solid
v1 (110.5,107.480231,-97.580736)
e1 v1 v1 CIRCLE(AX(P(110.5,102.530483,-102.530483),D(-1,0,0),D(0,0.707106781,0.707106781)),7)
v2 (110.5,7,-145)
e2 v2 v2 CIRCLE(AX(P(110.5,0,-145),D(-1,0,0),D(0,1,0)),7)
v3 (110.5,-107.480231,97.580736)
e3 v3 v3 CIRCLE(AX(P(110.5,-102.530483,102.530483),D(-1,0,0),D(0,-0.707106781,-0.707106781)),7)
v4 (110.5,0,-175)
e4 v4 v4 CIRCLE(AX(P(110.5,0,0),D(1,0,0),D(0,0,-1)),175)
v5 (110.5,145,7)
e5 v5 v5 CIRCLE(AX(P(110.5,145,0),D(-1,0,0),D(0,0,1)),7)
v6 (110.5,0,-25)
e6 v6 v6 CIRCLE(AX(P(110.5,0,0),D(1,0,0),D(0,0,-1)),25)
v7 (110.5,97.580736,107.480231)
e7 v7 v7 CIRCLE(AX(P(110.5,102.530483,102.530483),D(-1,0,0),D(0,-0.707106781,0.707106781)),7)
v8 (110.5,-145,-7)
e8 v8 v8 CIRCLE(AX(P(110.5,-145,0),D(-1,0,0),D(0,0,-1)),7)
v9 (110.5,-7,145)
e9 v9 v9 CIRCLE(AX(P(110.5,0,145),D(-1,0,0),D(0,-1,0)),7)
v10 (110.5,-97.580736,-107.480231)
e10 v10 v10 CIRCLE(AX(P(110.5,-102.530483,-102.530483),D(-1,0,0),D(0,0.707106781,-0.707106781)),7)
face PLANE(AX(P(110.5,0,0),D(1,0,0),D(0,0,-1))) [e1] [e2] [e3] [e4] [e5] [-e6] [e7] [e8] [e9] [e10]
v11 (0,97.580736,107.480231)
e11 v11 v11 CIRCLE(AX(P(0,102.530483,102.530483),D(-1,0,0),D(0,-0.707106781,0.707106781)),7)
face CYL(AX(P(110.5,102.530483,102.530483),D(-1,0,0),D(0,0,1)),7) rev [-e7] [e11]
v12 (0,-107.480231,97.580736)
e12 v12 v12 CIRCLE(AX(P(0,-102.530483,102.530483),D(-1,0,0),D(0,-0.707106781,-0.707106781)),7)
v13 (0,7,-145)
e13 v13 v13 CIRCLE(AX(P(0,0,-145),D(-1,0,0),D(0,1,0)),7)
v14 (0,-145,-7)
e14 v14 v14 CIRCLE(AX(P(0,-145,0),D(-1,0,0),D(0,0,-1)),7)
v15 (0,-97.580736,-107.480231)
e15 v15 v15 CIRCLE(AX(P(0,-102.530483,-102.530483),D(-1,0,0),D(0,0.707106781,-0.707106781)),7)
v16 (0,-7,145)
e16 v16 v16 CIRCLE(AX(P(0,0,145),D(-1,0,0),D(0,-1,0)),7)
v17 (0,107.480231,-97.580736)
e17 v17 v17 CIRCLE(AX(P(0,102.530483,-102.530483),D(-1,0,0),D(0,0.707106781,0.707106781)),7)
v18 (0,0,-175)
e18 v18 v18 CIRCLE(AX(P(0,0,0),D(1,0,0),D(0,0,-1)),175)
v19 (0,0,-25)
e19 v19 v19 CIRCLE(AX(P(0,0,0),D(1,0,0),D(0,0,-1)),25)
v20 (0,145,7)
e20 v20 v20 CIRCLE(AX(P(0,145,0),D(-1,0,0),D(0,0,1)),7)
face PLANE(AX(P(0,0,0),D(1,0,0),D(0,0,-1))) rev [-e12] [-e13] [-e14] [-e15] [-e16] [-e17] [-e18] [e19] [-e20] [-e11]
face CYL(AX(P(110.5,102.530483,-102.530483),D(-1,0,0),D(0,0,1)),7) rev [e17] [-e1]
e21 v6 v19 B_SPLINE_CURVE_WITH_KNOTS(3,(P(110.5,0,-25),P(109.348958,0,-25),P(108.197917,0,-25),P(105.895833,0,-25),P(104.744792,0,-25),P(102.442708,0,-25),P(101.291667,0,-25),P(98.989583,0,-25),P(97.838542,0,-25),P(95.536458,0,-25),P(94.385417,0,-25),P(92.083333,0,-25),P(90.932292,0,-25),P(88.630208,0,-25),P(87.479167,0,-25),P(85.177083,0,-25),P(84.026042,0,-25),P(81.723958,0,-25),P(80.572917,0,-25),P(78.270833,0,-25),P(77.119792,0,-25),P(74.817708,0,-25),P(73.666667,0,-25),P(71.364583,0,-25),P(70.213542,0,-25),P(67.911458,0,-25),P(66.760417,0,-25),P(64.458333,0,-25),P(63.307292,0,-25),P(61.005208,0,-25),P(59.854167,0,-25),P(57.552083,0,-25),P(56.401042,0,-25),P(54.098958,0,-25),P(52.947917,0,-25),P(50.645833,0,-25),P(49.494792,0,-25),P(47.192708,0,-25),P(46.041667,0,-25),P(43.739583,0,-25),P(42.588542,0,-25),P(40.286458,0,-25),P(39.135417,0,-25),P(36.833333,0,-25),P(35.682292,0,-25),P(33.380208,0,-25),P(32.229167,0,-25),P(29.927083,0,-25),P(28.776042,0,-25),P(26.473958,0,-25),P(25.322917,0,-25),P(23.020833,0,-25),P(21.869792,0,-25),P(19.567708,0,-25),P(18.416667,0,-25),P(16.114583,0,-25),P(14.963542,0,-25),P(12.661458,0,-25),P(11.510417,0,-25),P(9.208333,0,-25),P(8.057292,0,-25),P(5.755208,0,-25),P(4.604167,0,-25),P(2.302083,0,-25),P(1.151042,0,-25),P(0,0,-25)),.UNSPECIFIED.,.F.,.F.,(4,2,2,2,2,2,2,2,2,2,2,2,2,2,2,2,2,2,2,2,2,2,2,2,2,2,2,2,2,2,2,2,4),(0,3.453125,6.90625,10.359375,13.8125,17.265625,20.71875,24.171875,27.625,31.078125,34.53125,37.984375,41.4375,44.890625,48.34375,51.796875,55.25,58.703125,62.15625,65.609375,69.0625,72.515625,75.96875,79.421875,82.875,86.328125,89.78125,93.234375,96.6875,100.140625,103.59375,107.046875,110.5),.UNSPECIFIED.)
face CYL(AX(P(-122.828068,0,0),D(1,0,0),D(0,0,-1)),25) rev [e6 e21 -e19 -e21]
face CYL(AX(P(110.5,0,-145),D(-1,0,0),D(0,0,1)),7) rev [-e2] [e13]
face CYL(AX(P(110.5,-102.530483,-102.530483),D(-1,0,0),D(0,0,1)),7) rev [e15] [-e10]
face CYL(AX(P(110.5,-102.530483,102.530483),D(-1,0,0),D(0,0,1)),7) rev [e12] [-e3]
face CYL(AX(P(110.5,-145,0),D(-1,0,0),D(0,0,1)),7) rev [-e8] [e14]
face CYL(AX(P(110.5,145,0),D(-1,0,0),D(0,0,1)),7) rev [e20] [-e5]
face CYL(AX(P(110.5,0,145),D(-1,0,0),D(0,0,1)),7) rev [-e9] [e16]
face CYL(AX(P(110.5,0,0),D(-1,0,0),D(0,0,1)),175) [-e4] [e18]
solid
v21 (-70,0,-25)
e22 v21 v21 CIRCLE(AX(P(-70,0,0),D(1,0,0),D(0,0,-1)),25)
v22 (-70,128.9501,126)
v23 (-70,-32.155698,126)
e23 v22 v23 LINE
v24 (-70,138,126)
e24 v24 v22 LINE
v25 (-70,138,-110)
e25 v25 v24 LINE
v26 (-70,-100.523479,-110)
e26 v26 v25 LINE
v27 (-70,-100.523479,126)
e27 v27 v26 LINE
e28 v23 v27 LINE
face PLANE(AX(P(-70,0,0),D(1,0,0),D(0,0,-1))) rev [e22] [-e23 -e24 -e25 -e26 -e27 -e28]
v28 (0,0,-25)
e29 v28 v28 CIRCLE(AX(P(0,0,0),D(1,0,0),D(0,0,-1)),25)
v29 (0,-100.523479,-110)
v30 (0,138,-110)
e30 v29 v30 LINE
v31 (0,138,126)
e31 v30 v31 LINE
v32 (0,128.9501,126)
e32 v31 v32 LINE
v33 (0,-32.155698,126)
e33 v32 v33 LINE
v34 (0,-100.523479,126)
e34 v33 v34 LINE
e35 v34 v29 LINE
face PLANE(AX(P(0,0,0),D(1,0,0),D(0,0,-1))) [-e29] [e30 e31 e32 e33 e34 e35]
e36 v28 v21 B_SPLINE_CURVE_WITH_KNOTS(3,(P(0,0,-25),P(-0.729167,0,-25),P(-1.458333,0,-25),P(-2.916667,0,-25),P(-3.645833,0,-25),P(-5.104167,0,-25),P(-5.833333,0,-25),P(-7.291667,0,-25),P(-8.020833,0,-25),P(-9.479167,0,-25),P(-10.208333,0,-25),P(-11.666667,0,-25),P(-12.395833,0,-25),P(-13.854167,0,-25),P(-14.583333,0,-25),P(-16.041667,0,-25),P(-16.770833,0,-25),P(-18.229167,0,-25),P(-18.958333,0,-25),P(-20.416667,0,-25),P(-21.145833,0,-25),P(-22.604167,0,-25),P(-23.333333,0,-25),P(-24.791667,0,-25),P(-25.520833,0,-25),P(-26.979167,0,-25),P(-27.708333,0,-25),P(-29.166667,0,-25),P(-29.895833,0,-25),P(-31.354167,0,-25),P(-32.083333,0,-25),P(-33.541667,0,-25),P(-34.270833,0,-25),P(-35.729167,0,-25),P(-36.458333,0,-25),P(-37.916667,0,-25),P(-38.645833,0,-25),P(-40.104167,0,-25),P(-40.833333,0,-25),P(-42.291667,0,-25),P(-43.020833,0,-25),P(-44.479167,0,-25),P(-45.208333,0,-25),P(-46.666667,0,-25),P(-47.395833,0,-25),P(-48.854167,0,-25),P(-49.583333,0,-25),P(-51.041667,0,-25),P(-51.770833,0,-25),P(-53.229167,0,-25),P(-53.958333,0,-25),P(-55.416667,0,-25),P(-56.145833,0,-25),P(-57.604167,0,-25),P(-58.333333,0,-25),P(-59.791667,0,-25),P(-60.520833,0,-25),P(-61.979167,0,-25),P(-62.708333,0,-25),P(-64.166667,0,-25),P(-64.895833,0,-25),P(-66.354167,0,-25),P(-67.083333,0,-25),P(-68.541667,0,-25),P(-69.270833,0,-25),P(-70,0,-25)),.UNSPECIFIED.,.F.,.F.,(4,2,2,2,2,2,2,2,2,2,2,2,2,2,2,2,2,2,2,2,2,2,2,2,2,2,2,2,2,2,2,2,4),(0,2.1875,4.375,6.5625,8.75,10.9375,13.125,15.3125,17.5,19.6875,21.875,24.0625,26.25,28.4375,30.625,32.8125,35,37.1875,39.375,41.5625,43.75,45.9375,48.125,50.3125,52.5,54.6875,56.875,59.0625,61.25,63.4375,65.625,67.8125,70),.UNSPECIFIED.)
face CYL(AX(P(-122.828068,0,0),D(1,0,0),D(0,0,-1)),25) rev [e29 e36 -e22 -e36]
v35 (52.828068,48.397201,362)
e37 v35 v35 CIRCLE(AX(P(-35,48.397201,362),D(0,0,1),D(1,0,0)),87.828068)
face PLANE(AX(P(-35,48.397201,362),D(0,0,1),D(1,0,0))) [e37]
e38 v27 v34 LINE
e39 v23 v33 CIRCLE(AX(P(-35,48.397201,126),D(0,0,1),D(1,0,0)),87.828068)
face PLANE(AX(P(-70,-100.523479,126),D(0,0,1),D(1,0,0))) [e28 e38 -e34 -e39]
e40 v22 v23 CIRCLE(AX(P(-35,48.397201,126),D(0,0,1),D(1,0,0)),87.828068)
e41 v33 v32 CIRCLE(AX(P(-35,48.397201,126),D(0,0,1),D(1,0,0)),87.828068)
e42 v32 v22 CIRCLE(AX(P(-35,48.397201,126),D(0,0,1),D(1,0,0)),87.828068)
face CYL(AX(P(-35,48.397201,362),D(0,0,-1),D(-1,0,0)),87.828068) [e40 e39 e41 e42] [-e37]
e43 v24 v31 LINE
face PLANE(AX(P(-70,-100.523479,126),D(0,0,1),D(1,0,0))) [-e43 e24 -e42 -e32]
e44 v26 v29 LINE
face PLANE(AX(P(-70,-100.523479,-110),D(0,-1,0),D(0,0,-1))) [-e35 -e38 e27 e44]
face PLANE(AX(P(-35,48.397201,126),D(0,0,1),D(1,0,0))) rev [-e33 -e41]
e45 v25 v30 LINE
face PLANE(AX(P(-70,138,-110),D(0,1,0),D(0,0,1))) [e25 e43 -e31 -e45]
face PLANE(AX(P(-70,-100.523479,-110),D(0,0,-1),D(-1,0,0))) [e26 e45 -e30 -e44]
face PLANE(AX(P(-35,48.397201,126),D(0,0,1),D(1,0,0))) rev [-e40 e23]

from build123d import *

# Parameters (mm, degrees)
SKETCH1_R           = 175
BOSS_EXTRUDE1_DEPTH = 110.5
SKETCH2_R           = 7
CUT_EXTRUDE1_DEPTH  = 272.035514278
CIRPATTERN1_COUNT   = 8
SKETCH4_W           = 236
SKETCH4_H           = 238.523478567
BOSS_EXTRUDE2_DEPTH = 70
SKETCH5_R           = 87.828068046
BOSS_EXTRUDE3_DEPTH = 236
SKETCH6_R           = 25
CUT_EXTRUDE2_DEPTH  = 465.877389575


with BuildPart() as part:
    # Sketch1 → Boss-Extrude1 (new body)
    with BuildSketch(Plane(origin=(0, 0, 0), x_dir=(0, 0, -1), z_dir=(1, 0, 0))):
        Circle(SKETCH1_R)
    extrude(amount=BOSS_EXTRUDE1_DEPTH)

    # Sketch2 → Cut-Extrude1 (cut, through all)
    with BuildSketch(Plane.ZY):
        with Locations((0, 145)):
            Circle(SKETCH2_R)
    cut_extrude1 = extrude(amount=-CUT_EXTRUDE1_DEPTH, mode=Mode.SUBTRACT)

    # CirPattern1: Cut-Extrude1 ×8 about axis
    cirpattern1_axis = Axis((0, 0, 0), (1, 0, 0))
    for i in range(1, CIRPATTERN1_COUNT):
        add(cut_extrude1.rotate(cirpattern1_axis, i * 360 / CIRPATTERN1_COUNT), mode=Mode.SUBTRACT)


with BuildPart() as body_2:
    # Sketch4 → Boss-Extrude2 (new body)
    with BuildSketch(Plane(origin=(0, 0, 0), x_dir=(0, 0, -1), z_dir=(1, 0, 0))):
        with Locations((-8, 18.738260716)):
            Rectangle(SKETCH4_W, SKETCH4_H)
    extrude(amount=-BOSS_EXTRUDE2_DEPTH)

    # Sketch5 → Boss-Extrude3 (add)
    with BuildSketch(Plane.XY.offset(126)):
        with Locations(Location((-35, 48.397201252, 0), (0, 0, 113.484805898))):
            Circle(SKETCH5_R)
    extrude(amount=BOSS_EXTRUDE3_DEPTH)


with BuildPart() as cut_extrude2_tool:
    # Sketch6 → Cut-Extrude2 (new, through all)
    with BuildSketch(Plane(origin=(110.5, 0, 0), x_dir=(0, 0, -1), z_dir=(1, 0, 0))):
        Circle(SKETCH6_R)
    extrude(amount=-CUT_EXTRUDE2_DEPTH)


with BuildPart() as part_1:
    add(part.part)

    # Cut-Extrude2: cut by cut_extrude2_tool
    add(cut_extrude2_tool.part, mode=Mode.SUBTRACT)


with BuildPart() as body_2_1:
    add(body_2.part)

    # Cut-Extrude2: cut by cut_extrude2_tool
    add(cut_extrude2_tool.part, mode=Mode.SUBTRACT)


solid = Compound([part_1.part, body_2_1.part])
